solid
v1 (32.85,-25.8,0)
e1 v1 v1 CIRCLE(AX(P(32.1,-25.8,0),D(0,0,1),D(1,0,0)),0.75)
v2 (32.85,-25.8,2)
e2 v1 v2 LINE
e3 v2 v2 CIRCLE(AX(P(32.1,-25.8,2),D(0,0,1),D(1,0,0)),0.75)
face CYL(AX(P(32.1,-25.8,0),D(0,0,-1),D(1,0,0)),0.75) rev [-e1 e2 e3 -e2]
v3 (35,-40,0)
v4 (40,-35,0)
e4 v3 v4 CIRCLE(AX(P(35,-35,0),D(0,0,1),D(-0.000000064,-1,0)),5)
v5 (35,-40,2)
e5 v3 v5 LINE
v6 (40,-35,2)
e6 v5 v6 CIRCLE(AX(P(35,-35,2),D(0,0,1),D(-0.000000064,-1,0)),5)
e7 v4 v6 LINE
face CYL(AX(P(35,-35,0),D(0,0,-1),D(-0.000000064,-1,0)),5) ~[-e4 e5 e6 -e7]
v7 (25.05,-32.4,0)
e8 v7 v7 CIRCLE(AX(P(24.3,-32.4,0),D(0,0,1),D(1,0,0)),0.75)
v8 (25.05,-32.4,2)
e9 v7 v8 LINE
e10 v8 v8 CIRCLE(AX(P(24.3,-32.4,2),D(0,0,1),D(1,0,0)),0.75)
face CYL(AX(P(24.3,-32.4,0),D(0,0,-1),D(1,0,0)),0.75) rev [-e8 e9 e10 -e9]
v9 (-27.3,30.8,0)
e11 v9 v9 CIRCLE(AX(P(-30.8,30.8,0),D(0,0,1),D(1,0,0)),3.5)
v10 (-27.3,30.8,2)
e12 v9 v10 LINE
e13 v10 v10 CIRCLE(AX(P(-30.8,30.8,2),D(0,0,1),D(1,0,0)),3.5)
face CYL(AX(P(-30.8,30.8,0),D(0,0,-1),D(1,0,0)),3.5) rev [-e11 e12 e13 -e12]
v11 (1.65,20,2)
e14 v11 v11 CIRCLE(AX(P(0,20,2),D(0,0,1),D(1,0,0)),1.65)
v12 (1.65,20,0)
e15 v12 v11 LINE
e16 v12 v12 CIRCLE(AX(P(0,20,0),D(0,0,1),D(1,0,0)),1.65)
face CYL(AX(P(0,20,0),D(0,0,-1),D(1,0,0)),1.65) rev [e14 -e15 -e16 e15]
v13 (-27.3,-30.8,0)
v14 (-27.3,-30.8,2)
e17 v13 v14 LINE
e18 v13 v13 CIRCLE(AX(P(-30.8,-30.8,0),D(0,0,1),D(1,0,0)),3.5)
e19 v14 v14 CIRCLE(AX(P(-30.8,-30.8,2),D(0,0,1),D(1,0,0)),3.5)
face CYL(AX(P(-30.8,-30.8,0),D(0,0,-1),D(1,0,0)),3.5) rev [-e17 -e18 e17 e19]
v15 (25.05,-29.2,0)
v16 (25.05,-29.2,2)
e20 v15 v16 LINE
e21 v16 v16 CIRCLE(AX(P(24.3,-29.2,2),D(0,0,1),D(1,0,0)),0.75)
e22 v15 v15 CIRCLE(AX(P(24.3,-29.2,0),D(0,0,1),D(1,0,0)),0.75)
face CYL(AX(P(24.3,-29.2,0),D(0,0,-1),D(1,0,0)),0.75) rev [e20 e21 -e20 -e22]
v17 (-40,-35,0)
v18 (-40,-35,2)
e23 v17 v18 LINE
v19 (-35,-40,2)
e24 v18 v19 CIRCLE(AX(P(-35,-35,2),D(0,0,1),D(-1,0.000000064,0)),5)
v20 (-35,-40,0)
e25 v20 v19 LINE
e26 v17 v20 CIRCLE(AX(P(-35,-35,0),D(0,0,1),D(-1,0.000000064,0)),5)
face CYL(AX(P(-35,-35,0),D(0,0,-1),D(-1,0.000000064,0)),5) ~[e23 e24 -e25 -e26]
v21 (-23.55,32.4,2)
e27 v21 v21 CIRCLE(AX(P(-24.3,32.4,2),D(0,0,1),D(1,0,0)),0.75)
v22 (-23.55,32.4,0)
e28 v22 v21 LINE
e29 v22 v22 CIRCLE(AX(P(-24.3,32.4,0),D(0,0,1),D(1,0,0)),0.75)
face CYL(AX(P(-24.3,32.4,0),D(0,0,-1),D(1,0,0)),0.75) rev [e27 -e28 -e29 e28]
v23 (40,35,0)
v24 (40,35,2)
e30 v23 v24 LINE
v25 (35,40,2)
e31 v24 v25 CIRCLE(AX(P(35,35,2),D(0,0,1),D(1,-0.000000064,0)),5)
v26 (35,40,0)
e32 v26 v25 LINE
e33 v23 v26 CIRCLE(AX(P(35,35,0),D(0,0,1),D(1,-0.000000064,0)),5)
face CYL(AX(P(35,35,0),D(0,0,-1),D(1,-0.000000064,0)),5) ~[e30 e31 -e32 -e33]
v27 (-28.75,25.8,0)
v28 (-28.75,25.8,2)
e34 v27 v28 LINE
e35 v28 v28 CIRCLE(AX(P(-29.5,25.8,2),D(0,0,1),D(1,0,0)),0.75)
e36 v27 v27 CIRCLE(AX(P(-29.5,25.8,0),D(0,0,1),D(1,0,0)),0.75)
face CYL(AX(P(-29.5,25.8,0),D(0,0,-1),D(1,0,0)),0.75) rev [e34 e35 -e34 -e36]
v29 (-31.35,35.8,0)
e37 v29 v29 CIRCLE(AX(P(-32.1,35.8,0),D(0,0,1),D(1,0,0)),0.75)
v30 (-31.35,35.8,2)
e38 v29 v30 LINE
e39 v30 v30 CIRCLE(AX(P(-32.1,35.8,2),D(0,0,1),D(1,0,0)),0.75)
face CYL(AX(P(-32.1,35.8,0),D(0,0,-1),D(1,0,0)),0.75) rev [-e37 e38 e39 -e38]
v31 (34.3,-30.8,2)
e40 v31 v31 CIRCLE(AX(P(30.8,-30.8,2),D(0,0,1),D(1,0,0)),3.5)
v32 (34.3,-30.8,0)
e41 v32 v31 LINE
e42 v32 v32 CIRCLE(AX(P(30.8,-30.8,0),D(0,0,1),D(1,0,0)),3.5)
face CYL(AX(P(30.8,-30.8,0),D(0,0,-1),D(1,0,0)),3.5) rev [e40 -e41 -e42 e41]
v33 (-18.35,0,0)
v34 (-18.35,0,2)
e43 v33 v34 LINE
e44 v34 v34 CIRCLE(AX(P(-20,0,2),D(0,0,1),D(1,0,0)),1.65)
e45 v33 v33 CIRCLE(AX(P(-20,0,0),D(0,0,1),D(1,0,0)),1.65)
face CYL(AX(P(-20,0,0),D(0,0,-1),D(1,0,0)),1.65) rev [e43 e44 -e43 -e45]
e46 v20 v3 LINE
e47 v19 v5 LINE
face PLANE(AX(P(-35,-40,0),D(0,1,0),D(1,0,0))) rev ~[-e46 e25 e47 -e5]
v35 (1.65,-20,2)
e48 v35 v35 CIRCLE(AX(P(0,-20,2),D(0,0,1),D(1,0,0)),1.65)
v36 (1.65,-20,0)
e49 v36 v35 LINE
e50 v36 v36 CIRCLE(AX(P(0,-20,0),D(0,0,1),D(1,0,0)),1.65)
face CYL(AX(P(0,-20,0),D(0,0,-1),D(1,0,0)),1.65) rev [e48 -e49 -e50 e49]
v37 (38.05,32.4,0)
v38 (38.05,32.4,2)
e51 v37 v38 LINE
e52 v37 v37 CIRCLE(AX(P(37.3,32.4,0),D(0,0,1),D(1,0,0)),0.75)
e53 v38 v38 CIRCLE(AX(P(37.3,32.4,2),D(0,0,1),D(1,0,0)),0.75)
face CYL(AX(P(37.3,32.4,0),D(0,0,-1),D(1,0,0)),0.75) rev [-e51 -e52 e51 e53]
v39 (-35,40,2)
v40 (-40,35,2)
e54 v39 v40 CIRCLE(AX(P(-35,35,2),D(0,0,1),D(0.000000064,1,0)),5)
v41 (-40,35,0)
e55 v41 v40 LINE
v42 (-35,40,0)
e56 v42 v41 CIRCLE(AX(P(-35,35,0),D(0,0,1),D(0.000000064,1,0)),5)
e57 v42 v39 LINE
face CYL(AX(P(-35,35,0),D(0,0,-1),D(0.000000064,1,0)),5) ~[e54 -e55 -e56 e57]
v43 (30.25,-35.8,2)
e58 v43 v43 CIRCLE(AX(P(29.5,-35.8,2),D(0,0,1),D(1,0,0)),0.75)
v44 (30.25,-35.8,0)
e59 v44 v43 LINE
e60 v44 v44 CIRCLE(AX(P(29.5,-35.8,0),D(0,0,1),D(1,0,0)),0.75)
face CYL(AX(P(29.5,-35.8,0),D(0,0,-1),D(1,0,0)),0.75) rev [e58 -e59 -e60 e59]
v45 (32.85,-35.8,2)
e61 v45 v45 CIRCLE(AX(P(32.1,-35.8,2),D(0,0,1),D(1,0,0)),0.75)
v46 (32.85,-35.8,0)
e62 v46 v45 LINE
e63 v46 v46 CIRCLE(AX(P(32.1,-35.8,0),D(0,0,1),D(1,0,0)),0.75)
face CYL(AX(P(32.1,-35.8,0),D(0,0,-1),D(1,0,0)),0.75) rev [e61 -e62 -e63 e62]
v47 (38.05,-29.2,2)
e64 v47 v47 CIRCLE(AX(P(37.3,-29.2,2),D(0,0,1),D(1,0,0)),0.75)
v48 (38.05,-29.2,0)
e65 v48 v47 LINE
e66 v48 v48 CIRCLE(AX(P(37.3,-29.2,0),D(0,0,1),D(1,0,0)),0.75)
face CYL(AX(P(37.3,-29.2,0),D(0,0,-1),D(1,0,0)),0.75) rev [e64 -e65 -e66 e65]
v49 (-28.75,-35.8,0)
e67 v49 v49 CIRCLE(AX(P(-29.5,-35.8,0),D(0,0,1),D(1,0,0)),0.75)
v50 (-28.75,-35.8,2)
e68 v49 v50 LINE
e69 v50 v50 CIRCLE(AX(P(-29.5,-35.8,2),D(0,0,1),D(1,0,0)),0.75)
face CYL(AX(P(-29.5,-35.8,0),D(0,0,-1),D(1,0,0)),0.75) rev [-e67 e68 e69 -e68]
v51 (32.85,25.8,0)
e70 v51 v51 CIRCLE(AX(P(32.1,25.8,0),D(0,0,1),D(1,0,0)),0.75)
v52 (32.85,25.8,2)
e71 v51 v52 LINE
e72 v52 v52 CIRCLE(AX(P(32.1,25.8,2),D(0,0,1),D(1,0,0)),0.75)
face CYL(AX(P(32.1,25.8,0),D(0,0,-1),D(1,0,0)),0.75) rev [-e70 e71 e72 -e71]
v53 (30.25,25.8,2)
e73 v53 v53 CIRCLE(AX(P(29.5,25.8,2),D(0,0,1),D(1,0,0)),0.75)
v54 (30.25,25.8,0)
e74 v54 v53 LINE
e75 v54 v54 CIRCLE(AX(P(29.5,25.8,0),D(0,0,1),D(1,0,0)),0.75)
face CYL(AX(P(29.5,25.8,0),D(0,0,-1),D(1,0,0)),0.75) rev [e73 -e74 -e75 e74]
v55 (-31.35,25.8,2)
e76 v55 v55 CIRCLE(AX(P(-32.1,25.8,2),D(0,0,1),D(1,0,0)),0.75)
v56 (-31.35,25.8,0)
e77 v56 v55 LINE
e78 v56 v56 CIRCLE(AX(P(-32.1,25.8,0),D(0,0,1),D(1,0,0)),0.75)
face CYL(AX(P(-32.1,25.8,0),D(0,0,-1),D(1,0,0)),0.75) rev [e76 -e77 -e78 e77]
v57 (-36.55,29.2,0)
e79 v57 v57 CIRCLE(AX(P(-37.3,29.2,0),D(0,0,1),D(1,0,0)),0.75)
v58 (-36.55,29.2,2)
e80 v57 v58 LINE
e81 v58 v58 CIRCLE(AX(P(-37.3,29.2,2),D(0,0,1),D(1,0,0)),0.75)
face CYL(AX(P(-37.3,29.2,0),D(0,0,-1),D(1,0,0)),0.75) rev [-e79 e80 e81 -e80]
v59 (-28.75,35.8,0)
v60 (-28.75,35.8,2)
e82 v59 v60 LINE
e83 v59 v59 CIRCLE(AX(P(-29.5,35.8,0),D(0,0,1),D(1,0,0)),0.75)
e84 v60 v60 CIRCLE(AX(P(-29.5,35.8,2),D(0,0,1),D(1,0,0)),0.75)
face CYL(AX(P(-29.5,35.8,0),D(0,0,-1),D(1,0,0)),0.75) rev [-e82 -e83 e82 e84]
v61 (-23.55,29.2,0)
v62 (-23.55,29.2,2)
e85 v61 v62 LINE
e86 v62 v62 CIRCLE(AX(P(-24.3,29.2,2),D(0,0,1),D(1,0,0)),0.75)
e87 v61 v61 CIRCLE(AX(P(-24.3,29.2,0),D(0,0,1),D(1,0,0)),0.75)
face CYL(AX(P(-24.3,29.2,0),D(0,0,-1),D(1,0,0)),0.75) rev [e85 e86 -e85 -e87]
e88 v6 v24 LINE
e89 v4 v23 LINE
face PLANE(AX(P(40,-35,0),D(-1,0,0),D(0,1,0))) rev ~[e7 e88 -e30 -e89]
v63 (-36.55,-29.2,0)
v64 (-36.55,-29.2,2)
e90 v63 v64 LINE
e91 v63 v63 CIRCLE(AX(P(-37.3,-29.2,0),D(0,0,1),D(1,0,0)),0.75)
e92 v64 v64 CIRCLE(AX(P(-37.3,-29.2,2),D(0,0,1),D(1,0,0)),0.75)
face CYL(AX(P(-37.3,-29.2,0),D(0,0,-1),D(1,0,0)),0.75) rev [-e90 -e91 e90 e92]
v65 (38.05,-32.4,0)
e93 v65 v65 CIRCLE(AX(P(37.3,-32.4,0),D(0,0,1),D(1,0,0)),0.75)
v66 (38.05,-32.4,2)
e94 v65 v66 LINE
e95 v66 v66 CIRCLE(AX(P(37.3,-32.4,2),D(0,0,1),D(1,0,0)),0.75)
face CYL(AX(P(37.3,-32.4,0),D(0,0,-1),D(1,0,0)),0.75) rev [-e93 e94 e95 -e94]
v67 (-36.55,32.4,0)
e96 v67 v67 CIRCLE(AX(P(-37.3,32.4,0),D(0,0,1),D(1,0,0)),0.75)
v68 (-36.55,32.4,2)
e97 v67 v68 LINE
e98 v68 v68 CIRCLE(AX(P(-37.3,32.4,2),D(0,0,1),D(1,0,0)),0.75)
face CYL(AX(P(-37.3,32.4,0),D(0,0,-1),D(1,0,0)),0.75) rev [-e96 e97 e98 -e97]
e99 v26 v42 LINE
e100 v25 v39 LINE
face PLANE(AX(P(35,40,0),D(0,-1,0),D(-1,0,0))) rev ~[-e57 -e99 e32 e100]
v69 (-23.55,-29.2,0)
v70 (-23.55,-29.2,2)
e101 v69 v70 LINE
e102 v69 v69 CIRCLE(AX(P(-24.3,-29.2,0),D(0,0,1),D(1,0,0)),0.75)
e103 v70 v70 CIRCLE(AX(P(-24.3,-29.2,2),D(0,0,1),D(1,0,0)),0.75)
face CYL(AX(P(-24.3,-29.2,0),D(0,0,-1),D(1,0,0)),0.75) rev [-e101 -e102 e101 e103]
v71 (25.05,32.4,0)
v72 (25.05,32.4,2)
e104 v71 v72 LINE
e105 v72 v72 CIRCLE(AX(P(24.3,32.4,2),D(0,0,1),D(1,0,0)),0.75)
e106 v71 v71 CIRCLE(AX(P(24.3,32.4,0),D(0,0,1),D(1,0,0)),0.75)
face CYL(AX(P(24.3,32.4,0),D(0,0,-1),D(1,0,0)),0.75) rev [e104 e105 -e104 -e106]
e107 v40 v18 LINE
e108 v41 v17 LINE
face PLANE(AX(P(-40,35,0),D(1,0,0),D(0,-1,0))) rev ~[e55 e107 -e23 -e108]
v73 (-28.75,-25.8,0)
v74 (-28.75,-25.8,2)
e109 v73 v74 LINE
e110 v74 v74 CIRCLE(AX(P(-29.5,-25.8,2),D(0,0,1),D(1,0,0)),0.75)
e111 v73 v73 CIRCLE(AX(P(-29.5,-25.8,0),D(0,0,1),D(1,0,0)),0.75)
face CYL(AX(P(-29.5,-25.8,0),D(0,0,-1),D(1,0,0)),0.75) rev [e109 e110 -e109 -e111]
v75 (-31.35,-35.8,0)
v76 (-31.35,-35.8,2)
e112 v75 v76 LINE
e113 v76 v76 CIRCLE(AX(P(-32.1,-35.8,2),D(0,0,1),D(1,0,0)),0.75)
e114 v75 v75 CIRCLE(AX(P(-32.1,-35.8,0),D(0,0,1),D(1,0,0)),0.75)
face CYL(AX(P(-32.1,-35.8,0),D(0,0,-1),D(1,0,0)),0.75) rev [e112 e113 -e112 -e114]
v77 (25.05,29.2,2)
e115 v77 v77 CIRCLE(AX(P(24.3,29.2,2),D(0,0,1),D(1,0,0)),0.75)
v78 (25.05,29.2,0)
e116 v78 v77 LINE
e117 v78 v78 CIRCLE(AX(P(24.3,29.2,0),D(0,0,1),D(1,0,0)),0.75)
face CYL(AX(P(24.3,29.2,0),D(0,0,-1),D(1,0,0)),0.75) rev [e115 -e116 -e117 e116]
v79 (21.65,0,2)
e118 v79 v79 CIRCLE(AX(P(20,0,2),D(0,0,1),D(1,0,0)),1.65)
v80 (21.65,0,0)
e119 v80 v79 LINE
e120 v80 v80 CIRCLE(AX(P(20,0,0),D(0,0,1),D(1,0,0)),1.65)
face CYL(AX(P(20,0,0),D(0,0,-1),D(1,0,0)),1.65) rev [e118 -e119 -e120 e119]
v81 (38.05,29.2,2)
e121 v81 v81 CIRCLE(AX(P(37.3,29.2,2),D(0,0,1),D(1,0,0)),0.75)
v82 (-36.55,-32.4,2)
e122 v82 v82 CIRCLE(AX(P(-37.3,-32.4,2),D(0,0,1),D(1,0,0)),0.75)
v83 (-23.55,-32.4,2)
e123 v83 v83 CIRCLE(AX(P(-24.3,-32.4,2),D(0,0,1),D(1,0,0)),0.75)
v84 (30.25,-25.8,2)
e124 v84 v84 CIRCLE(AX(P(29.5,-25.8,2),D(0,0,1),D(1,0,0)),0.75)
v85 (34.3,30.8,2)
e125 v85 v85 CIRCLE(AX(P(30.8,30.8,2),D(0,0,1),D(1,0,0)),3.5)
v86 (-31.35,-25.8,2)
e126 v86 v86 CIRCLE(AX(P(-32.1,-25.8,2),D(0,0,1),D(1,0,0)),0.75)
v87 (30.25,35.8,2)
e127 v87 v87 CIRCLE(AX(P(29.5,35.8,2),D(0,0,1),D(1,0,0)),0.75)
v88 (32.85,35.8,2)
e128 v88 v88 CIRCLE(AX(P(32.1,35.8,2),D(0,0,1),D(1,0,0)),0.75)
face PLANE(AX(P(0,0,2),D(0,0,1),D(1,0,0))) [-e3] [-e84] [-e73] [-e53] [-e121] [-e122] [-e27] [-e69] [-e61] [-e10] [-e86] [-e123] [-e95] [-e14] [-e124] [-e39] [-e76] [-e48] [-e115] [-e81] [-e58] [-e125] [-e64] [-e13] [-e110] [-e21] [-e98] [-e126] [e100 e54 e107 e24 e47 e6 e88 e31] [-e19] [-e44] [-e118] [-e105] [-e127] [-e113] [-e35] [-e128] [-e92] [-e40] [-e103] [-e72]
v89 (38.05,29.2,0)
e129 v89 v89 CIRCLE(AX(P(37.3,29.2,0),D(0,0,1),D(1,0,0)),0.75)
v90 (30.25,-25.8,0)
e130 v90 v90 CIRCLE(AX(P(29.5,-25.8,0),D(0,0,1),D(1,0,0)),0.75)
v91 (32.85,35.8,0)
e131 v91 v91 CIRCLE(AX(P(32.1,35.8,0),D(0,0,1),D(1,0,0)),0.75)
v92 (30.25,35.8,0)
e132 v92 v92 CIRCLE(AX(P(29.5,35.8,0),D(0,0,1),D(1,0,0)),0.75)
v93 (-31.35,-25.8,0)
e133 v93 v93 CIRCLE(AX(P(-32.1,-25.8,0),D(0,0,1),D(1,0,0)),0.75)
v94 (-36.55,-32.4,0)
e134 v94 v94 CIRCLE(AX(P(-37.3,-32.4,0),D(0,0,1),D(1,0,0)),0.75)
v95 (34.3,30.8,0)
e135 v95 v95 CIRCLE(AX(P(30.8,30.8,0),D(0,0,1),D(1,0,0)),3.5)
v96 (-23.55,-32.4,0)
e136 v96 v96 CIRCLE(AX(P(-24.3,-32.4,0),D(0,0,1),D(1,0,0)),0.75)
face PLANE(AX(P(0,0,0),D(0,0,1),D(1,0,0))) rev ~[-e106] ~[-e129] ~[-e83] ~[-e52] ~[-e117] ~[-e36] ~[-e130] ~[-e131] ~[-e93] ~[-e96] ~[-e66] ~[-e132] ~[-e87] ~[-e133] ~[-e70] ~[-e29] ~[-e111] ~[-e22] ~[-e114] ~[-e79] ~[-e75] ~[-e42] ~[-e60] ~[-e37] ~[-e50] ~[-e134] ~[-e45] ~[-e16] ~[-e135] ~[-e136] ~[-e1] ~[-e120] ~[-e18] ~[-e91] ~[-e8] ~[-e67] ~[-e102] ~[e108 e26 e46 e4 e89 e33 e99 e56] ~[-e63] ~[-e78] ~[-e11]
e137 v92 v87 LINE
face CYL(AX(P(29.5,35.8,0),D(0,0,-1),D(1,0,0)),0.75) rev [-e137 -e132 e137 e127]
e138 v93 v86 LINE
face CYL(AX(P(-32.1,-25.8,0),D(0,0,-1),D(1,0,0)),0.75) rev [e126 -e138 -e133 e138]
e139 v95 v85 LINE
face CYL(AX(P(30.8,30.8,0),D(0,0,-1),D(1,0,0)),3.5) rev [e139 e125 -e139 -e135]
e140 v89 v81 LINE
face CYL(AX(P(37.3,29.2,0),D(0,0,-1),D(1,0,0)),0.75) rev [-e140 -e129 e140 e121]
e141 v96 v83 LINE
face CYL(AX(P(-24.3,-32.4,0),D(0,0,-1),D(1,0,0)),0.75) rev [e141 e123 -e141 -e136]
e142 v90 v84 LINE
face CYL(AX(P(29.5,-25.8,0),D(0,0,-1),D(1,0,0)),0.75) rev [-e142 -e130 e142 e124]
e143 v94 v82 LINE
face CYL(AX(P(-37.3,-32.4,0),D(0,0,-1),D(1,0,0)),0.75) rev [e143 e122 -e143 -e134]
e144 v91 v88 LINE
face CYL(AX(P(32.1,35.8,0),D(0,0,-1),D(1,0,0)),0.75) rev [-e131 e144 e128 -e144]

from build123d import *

# Parameters (mm, degrees)
F0_R     = 0.75
F0_R_2   = 3.5
F0_R_3   = 1.65
F1_DEPTH = 2


with BuildPart() as f1:
    # F0 (on Top) → F1 (new body)
    with BuildSketch(Plane.XY):
        with BuildLine():
            Line((-35, -40), (35, -40))
            ThreePointArc((35, -40), (38.535534, -38.535534), (40, -35))
            Line((40, -35), (40, 35))
            ThreePointArc((40, 35), (38.535534, 38.535534), (35, 40))
            Line((35, 40), (-35, 40))
            ThreePointArc((-35, 40), (-38.535534, 38.535534), (-40, 35))
            Line((-40, 35), (-40, -35))
            ThreePointArc((-40, -35), (-38.535534, -38.535534), (-35, -40))
        make_face()
        with Locations((-32.1, -35.8)):
            Circle(F0_R, mode=Mode.SUBTRACT)
        with Locations((-37.3, -32.4)):
            Circle(F0_R, mode=Mode.SUBTRACT)
        with Locations((-30.8, -30.8)):
            Circle(F0_R_2, mode=Mode.SUBTRACT)
        with Locations((-29.5, -35.8)):
            Circle(F0_R, mode=Mode.SUBTRACT)
        with Locations((-24.3, -32.4)):
            Circle(F0_R, mode=Mode.SUBTRACT)
        with Locations((-37.3, -29.2)):
            Circle(F0_R, mode=Mode.SUBTRACT)
        with Locations((-32.1, -25.8)):
            Circle(F0_R, mode=Mode.SUBTRACT)
        with Locations((-29.5, -25.8)):
            Circle(F0_R, mode=Mode.SUBTRACT)
        with Locations((-24.3, -29.2)):
            Circle(F0_R, mode=Mode.SUBTRACT)
        with Locations((29.5, -35.8)):
            Circle(F0_R, mode=Mode.SUBTRACT)
        with Locations((24.3, -32.4)):
            Circle(F0_R, mode=Mode.SUBTRACT)
        with Locations((32.1, -35.8)):
            Circle(F0_R, mode=Mode.SUBTRACT)
        with Locations((30.8, -30.8)):
            Circle(F0_R_2, mode=Mode.SUBTRACT)
        with Locations((37.3, -32.4)):
            Circle(F0_R, mode=Mode.SUBTRACT)
        with Locations((24.3, -29.2)):
            Circle(F0_R, mode=Mode.SUBTRACT)
        with Locations((29.5, -25.8)):
            Circle(F0_R, mode=Mode.SUBTRACT)
        with Locations((32.1, -25.8)):
            Circle(F0_R, mode=Mode.SUBTRACT)
        with Locations((37.3, -29.2)):
            Circle(F0_R, mode=Mode.SUBTRACT)
        with Locations((0, -20)):
            Circle(F0_R_3, mode=Mode.SUBTRACT)
        with Locations((-20, 0)):
            Circle(F0_R_3, mode=Mode.SUBTRACT)
        with Locations((-37.3, 29.2)):
            Circle(F0_R, mode=Mode.SUBTRACT)
        with Locations((-32.1, 25.8)):
            Circle(F0_R, mode=Mode.SUBTRACT)
        with Locations((-29.5, 25.8)):
            Circle(F0_R, mode=Mode.SUBTRACT)
        with Locations((-24.3, 29.2)):
            Circle(F0_R, mode=Mode.SUBTRACT)
        with Locations((-37.3, 32.4)):
            Circle(F0_R, mode=Mode.SUBTRACT)
        with Locations((-30.8, 30.8)):
            Circle(F0_R_2, mode=Mode.SUBTRACT)
        with Locations((-32.1, 35.8)):
            Circle(F0_R, mode=Mode.SUBTRACT)
        with Locations((-24.3, 32.4)):
            Circle(F0_R, mode=Mode.SUBTRACT)
        with Locations((-29.5, 35.8)):
            Circle(F0_R, mode=Mode.SUBTRACT)
        with Locations((20, 0)):
            Circle(F0_R_3, mode=Mode.SUBTRACT)
        with Locations((0, 20)):
            Circle(F0_R_3, mode=Mode.SUBTRACT)
        with Locations((24.3, 29.2)):
            Circle(F0_R, mode=Mode.SUBTRACT)
        with Locations((29.5, 25.8)):
            Circle(F0_R, mode=Mode.SUBTRACT)
        with Locations((32.1, 25.8)):
            Circle(F0_R, mode=Mode.SUBTRACT)
        with Locations((37.3, 29.2)):
            Circle(F0_R, mode=Mode.SUBTRACT)
        with Locations((24.3, 32.4)):
            Circle(F0_R, mode=Mode.SUBTRACT)
        with Locations((29.5, 35.8)):
            Circle(F0_R, mode=Mode.SUBTRACT)
        with Locations((30.8, 30.8)):
            Circle(F0_R_2, mode=Mode.SUBTRACT)
        with Locations((37.3, 32.4)):
            Circle(F0_R, mode=Mode.SUBTRACT)
        with Locations((32.1, 35.8)):
            Circle(F0_R, mode=Mode.SUBTRACT)
    extrude(amount=F1_DEPTH)


solid = f1.part
